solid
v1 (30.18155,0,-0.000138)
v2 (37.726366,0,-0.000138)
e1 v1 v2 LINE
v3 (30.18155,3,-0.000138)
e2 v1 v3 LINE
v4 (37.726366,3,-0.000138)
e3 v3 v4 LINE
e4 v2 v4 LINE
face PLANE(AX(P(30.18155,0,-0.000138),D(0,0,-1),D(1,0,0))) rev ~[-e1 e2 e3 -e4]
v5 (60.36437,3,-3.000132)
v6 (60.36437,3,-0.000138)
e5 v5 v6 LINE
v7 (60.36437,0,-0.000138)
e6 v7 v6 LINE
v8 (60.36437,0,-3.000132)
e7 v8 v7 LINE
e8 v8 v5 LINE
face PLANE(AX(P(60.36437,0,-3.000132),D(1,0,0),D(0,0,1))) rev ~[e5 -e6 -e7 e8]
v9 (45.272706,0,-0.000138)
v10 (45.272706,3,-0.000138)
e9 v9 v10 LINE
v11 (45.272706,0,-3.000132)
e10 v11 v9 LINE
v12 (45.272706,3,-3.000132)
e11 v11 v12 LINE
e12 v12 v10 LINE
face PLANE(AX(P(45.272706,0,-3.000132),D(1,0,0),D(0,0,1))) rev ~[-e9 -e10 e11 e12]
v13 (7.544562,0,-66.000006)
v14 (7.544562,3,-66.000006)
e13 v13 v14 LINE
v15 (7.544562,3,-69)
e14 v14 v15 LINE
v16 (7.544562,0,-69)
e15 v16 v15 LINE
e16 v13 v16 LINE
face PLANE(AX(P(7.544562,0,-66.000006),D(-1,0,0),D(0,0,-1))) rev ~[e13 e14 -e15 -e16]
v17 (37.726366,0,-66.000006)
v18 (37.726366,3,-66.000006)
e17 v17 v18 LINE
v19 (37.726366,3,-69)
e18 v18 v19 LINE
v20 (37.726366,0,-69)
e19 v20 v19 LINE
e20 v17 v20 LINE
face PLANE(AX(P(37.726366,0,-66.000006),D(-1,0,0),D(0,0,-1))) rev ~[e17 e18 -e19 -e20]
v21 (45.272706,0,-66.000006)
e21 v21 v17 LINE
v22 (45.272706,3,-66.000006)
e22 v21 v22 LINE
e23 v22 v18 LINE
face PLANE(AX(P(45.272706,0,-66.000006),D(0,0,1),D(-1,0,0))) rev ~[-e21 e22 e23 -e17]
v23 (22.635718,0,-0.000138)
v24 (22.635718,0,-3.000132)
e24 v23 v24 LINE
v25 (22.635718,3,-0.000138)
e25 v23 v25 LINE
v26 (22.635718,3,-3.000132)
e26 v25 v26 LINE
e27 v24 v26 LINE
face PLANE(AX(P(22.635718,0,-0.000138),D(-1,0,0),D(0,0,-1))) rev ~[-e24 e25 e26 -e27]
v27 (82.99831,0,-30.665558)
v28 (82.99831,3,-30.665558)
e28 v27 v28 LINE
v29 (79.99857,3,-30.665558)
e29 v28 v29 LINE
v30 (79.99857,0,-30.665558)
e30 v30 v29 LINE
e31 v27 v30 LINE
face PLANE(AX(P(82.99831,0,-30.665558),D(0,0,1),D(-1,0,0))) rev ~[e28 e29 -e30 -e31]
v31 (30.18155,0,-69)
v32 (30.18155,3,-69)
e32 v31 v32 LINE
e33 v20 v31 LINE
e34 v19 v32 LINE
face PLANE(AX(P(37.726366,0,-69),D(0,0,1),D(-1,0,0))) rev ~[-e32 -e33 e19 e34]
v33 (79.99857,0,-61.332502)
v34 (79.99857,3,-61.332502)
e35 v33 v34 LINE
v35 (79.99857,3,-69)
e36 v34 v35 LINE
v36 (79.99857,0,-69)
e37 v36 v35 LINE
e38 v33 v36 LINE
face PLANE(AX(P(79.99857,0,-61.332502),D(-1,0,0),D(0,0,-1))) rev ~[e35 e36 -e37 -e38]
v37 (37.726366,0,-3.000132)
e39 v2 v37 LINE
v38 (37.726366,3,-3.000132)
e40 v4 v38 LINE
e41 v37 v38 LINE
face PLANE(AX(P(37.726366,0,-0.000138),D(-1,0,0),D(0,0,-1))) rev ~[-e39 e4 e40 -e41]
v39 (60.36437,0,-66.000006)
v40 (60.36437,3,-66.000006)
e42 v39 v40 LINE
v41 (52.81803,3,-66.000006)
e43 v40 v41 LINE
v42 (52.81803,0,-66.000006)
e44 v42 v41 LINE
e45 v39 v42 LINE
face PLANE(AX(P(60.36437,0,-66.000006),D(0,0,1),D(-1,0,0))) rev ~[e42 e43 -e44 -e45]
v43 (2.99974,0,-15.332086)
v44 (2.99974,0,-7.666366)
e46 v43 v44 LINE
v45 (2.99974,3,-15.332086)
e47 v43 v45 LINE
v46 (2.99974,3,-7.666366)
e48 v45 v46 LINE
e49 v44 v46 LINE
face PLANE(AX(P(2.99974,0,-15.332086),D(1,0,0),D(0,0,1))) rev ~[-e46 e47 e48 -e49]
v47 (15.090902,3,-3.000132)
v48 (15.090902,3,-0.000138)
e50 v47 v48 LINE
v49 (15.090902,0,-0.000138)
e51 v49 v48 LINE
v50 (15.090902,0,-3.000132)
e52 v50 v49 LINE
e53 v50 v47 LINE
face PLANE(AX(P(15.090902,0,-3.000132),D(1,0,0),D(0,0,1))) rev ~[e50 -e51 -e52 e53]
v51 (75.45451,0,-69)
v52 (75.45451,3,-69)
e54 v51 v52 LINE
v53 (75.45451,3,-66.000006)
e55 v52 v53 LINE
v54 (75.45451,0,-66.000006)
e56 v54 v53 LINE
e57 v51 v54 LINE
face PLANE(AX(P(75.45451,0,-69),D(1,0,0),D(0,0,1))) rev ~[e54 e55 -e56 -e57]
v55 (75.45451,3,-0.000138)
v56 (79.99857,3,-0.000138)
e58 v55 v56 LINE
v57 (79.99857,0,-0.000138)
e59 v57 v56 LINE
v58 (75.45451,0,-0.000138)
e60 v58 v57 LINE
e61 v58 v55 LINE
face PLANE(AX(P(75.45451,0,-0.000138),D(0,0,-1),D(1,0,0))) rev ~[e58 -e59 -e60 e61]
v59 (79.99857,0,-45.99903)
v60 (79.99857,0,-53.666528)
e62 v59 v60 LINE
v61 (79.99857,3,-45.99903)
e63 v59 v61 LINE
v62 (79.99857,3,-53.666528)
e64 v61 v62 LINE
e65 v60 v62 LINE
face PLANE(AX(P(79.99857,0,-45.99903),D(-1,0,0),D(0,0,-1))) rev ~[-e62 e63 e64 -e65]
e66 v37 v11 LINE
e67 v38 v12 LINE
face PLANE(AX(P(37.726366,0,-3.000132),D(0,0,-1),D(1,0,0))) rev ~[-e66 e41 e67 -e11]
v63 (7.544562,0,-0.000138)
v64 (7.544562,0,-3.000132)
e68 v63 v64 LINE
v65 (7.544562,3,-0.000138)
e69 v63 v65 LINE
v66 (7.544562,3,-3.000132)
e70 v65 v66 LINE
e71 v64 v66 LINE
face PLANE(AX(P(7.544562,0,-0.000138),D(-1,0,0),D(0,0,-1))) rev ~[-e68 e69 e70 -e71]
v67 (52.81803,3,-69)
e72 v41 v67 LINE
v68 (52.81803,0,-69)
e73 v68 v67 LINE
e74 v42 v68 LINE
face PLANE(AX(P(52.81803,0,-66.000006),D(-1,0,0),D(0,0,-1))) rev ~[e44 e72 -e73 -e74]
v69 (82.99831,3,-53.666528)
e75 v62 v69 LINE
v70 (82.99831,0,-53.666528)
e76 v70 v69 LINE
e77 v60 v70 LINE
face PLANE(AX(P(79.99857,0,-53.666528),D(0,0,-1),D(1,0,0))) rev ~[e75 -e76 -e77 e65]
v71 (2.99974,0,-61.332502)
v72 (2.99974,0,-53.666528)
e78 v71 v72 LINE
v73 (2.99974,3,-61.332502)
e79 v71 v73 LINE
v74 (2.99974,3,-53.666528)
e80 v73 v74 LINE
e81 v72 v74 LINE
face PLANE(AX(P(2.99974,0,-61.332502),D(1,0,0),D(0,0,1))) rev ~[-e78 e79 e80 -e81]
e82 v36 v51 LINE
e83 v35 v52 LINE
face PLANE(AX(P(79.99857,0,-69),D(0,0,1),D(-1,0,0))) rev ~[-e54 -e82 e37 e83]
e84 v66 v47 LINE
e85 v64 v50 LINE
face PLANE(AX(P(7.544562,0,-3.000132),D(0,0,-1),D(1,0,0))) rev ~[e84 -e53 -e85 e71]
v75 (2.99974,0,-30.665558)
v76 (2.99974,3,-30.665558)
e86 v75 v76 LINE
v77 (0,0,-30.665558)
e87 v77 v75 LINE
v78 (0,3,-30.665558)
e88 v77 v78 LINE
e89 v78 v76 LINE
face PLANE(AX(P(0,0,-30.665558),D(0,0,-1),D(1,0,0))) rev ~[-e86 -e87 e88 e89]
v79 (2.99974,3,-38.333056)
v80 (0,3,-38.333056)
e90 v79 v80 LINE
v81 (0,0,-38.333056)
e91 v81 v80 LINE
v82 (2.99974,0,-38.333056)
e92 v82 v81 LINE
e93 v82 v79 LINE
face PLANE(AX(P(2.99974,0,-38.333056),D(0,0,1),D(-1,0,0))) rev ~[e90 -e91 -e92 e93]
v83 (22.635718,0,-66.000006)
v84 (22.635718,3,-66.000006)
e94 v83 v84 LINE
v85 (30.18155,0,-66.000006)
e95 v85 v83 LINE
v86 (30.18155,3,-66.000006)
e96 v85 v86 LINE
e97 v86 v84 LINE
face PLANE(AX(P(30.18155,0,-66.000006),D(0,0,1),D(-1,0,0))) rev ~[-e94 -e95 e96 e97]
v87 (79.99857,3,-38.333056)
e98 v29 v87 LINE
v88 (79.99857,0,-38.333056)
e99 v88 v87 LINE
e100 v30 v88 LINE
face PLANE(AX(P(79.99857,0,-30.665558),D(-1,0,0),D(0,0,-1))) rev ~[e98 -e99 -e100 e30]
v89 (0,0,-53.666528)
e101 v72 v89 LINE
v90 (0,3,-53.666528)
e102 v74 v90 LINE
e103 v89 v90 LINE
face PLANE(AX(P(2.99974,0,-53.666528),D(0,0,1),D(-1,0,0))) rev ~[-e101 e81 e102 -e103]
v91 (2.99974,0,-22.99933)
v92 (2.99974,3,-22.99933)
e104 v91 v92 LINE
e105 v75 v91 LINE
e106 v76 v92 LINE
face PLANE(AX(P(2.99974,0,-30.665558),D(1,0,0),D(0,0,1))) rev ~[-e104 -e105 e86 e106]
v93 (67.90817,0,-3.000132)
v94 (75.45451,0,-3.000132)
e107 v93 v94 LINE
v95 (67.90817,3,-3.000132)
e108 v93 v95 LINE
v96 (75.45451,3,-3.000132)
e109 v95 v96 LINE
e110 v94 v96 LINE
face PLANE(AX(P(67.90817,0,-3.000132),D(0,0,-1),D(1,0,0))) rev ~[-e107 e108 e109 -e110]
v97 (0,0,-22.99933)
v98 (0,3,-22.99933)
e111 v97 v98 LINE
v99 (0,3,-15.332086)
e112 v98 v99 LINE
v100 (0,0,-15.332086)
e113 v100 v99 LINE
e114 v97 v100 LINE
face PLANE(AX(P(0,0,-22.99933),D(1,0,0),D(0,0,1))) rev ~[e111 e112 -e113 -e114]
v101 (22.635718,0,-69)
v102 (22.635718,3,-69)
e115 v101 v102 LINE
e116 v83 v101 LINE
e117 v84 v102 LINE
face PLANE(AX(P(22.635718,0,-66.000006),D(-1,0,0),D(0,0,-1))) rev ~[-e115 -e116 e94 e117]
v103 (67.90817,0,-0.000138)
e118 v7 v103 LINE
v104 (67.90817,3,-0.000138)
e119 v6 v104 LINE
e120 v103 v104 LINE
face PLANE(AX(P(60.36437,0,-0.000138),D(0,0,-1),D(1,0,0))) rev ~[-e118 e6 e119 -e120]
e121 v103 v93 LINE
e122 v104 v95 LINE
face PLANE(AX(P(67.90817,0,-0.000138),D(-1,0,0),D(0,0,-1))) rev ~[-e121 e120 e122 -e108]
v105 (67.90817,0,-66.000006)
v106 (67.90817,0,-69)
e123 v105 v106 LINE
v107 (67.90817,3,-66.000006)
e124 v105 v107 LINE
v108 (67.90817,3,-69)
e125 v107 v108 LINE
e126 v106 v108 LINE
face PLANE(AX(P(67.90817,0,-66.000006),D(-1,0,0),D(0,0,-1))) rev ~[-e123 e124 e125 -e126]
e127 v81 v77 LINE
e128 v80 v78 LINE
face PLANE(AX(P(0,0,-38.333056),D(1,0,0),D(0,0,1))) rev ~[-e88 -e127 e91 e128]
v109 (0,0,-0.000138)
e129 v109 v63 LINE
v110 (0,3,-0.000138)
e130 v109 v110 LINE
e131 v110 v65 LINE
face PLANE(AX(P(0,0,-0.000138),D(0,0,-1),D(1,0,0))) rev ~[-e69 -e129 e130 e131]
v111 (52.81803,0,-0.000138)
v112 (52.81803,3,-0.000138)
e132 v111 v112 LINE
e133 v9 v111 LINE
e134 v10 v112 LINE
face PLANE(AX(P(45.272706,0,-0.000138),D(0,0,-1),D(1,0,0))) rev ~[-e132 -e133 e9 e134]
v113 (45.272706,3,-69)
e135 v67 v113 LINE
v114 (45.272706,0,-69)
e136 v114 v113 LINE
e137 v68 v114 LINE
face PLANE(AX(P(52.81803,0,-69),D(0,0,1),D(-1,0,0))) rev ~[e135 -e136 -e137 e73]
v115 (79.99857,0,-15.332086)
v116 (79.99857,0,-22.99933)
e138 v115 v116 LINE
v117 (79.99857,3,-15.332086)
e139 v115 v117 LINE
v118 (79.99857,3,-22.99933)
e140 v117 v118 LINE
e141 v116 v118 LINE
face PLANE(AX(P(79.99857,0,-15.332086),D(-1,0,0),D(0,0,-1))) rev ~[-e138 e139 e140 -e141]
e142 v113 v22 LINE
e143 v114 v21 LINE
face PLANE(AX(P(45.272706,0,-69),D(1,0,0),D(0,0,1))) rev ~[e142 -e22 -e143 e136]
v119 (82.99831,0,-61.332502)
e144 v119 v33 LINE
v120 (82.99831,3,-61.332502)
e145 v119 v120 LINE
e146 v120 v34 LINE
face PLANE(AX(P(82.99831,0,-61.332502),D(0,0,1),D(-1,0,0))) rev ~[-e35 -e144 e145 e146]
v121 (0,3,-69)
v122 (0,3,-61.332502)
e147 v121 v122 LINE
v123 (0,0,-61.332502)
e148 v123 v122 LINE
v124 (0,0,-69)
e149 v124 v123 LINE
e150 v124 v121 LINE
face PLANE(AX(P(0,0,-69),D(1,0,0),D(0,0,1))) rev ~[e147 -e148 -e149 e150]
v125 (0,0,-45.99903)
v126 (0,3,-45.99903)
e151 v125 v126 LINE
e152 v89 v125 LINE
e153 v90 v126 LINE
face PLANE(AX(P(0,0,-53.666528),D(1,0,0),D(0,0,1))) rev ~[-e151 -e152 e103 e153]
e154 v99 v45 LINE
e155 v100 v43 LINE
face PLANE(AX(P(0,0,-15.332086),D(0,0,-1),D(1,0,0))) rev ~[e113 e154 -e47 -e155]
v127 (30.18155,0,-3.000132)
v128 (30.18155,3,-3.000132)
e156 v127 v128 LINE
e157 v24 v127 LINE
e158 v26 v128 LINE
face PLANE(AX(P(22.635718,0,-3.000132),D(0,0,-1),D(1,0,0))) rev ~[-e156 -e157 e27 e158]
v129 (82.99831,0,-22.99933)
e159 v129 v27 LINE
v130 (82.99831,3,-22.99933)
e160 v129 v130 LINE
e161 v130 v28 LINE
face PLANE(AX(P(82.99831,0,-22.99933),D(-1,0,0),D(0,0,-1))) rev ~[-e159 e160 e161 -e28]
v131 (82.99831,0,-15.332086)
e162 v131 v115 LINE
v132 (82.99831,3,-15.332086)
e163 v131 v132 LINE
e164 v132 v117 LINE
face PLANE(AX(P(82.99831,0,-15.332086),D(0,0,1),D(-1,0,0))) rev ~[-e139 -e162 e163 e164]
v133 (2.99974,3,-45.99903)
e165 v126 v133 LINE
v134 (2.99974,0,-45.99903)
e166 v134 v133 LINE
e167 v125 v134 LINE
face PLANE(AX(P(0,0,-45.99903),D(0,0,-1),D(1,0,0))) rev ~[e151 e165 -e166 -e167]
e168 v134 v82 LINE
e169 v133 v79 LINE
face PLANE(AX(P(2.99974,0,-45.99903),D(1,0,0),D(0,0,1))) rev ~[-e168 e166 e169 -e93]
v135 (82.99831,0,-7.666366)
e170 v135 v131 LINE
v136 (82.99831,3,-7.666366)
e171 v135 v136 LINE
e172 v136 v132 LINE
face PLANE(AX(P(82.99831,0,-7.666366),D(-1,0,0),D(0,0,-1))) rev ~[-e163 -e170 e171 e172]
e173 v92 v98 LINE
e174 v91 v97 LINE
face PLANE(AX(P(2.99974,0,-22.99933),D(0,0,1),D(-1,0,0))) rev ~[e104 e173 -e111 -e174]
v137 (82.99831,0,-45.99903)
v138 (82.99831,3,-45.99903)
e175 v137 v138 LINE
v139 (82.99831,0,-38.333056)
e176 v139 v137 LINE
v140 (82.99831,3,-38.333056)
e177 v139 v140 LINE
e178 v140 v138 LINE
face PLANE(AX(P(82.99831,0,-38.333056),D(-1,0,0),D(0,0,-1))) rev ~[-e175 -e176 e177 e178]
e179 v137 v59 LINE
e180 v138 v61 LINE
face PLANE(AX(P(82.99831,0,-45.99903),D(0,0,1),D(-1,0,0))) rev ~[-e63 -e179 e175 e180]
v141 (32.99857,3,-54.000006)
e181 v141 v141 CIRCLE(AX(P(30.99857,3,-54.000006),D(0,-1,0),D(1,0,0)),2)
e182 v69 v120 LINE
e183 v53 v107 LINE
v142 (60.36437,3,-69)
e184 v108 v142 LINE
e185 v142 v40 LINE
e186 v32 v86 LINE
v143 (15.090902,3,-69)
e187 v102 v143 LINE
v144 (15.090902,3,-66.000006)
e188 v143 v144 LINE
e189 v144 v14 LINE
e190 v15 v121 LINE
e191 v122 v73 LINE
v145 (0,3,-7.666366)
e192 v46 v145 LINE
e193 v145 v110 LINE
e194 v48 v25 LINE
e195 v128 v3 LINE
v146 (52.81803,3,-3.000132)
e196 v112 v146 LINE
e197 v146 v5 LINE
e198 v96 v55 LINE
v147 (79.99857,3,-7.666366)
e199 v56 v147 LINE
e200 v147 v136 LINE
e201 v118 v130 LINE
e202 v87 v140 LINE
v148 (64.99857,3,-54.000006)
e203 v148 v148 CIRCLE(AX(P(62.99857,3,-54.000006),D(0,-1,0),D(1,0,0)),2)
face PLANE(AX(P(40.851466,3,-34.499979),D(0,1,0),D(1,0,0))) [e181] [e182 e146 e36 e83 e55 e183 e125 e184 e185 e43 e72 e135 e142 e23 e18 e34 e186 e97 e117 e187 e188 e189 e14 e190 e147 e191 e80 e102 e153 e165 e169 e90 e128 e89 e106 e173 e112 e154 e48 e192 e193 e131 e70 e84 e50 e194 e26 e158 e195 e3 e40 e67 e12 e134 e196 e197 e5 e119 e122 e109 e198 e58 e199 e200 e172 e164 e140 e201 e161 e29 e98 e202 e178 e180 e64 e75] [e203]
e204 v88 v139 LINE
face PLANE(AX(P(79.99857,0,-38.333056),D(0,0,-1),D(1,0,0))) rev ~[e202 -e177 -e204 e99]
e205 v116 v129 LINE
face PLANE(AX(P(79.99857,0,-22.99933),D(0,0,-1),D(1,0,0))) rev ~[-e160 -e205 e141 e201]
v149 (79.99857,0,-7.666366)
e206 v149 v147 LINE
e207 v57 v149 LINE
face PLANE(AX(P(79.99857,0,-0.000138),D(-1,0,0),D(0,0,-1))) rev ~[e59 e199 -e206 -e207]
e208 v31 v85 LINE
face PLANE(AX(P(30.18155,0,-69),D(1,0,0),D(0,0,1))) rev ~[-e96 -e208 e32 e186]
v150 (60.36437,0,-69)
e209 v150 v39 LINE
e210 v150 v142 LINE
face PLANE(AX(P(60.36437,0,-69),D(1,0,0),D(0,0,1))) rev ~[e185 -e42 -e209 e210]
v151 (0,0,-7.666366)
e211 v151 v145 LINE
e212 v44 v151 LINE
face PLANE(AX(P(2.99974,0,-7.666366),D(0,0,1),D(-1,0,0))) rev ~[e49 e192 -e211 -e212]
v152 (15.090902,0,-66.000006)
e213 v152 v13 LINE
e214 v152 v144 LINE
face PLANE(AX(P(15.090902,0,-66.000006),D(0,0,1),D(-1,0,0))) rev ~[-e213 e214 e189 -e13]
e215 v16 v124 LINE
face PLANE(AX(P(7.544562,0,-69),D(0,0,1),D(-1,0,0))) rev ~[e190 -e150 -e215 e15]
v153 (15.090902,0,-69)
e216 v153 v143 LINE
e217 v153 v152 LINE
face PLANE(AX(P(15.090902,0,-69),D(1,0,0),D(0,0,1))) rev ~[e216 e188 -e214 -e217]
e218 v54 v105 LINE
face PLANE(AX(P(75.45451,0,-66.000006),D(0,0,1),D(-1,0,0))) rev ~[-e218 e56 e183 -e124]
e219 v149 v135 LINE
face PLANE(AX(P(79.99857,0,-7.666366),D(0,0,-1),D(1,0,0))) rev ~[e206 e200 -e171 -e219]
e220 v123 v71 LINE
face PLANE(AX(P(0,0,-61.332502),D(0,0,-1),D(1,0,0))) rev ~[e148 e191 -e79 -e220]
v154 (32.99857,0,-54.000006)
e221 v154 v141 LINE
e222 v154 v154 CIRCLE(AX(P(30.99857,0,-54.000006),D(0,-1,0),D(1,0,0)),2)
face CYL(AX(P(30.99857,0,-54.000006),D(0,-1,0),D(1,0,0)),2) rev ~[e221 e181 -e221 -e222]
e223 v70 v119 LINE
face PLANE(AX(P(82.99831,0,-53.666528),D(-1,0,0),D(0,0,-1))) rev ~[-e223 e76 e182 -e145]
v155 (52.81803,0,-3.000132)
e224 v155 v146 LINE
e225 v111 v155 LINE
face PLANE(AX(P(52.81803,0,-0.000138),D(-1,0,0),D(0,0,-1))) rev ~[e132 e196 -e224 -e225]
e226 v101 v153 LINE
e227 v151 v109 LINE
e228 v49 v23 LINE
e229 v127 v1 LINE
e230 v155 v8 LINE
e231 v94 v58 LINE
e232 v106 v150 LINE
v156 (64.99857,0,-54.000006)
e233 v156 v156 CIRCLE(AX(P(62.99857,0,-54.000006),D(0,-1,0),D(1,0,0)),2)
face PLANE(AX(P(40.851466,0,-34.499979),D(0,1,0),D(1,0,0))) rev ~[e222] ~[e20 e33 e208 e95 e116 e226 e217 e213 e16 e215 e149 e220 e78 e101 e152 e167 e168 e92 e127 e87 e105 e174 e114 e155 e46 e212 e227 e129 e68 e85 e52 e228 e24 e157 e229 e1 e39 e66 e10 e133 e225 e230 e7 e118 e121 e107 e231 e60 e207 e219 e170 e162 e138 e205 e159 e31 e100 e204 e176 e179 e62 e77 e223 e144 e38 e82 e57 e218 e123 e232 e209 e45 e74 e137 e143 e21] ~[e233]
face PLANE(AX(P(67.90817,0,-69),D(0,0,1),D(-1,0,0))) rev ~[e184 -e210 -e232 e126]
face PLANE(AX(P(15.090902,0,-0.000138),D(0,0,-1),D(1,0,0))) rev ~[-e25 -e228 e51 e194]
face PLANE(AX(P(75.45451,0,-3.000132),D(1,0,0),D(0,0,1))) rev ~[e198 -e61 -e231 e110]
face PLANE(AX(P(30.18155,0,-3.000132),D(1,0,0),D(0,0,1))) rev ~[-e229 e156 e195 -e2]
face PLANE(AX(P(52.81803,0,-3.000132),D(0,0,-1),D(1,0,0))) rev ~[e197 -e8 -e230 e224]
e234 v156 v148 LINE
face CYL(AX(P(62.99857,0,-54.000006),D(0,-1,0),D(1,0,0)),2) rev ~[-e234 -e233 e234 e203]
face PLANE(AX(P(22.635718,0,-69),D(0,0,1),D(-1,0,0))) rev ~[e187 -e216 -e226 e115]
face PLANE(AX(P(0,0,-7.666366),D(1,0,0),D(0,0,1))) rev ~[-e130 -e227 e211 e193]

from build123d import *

# Parameters (mm, degrees)
AUFSATZ_LINEAR_AUSTRAGEN1_DEPTH = 3
SKIZZE2_R                       = 2
SCHNITT_LINEAR_AUSTRAGEN1_DEPTH = 3


with BuildPart() as part:
    # Skizze1 → Aufsatz-Linear austragen1 (new body)
    with BuildSketch(Plane(origin=(0, 0, 0), x_dir=(1, 0, 0), z_dir=(0, 1, 0))):
        Polygon((0, 0.000138), (7.544562, 0.000138), (7.544562, 3.000132), (15.090902, 3.000132), (15.090902, 0.000138), (22.635718, 0.000138), (22.635718, 3.000132), (30.18155, 3.000132), (30.18155, 0.000138), (37.726366, 0.000138), (37.726366, 3.000132), (45.272706, 3.000132), (45.272706, 0.000138), (52.81803, 0.000138), (52.81803, 3.000132), (60.36437, 3.000132), (60.36437, 0.000138), (67.90817, 0.000138), (67.90817, 3.000132), (75.45451, 3.000132), (75.45451, 0.000138), (79.99857, 0.000138), (79.99857, 7.666366), (82.99831, 7.666366), (82.99831, 15.332086), (79.99857, 15.332086), (79.99857, 22.99933), (82.99831, 22.99933), (82.99831, 30.665558), (79.99857, 30.665558), (79.99857, 38.333056), (82.99831, 38.333056), (82.99831, 45.99903), (79.99857, 45.99903), (79.99857, 53.666528), (82.99831, 53.666528), (82.99831, 61.332502), (79.99857, 61.332502), (79.99857, 69), (75.45451, 69), (75.45451, 66.000006), (67.90817, 66.000006), (67.90817, 69), (60.36437, 69), (60.36437, 66.000006), (52.81803, 66.000006), (52.81803, 69), (45.272706, 69), (45.272706, 66.000006), (37.726366, 66.000006), (37.726366, 69), (30.18155, 69), (30.18155, 66.000006), (22.635718, 66.000006), (22.635718, 69), (15.090902, 69), (15.090902, 66.000006), (7.544562, 66.000006), (7.544562, 69), (0, 69), (0, 61.332502), (2.99974, 61.332502), (2.99974, 53.666528), (0, 53.666528), (0, 45.99903), (2.99974, 45.99903), (2.99974, 38.333056), (0, 38.333056), (0, 30.665558), (2.99974, 30.665558), (2.99974, 22.99933), (0, 22.99933), (0, 15.332086), (2.99974, 15.332086), (2.99974, 7.666366), (0, 7.666366), align=None)
    extrude(amount=AUFSATZ_LINEAR_AUSTRAGEN1_DEPTH)

    # Skizze2 → Schnitt-Linear austragen1 (cut)
    with BuildSketch(Plane.XZ):
        with Locations((62.99857, -54.000006)):
            Circle(SKIZZE2_R)
        with Locations((30.99857, -54.000006)):
            Circle(SKIZZE2_R)
    extrude(amount=-SCHNITT_LINEAR_AUSTRAGEN1_DEPTH, mode=Mode.SUBTRACT)


solid = part.part
